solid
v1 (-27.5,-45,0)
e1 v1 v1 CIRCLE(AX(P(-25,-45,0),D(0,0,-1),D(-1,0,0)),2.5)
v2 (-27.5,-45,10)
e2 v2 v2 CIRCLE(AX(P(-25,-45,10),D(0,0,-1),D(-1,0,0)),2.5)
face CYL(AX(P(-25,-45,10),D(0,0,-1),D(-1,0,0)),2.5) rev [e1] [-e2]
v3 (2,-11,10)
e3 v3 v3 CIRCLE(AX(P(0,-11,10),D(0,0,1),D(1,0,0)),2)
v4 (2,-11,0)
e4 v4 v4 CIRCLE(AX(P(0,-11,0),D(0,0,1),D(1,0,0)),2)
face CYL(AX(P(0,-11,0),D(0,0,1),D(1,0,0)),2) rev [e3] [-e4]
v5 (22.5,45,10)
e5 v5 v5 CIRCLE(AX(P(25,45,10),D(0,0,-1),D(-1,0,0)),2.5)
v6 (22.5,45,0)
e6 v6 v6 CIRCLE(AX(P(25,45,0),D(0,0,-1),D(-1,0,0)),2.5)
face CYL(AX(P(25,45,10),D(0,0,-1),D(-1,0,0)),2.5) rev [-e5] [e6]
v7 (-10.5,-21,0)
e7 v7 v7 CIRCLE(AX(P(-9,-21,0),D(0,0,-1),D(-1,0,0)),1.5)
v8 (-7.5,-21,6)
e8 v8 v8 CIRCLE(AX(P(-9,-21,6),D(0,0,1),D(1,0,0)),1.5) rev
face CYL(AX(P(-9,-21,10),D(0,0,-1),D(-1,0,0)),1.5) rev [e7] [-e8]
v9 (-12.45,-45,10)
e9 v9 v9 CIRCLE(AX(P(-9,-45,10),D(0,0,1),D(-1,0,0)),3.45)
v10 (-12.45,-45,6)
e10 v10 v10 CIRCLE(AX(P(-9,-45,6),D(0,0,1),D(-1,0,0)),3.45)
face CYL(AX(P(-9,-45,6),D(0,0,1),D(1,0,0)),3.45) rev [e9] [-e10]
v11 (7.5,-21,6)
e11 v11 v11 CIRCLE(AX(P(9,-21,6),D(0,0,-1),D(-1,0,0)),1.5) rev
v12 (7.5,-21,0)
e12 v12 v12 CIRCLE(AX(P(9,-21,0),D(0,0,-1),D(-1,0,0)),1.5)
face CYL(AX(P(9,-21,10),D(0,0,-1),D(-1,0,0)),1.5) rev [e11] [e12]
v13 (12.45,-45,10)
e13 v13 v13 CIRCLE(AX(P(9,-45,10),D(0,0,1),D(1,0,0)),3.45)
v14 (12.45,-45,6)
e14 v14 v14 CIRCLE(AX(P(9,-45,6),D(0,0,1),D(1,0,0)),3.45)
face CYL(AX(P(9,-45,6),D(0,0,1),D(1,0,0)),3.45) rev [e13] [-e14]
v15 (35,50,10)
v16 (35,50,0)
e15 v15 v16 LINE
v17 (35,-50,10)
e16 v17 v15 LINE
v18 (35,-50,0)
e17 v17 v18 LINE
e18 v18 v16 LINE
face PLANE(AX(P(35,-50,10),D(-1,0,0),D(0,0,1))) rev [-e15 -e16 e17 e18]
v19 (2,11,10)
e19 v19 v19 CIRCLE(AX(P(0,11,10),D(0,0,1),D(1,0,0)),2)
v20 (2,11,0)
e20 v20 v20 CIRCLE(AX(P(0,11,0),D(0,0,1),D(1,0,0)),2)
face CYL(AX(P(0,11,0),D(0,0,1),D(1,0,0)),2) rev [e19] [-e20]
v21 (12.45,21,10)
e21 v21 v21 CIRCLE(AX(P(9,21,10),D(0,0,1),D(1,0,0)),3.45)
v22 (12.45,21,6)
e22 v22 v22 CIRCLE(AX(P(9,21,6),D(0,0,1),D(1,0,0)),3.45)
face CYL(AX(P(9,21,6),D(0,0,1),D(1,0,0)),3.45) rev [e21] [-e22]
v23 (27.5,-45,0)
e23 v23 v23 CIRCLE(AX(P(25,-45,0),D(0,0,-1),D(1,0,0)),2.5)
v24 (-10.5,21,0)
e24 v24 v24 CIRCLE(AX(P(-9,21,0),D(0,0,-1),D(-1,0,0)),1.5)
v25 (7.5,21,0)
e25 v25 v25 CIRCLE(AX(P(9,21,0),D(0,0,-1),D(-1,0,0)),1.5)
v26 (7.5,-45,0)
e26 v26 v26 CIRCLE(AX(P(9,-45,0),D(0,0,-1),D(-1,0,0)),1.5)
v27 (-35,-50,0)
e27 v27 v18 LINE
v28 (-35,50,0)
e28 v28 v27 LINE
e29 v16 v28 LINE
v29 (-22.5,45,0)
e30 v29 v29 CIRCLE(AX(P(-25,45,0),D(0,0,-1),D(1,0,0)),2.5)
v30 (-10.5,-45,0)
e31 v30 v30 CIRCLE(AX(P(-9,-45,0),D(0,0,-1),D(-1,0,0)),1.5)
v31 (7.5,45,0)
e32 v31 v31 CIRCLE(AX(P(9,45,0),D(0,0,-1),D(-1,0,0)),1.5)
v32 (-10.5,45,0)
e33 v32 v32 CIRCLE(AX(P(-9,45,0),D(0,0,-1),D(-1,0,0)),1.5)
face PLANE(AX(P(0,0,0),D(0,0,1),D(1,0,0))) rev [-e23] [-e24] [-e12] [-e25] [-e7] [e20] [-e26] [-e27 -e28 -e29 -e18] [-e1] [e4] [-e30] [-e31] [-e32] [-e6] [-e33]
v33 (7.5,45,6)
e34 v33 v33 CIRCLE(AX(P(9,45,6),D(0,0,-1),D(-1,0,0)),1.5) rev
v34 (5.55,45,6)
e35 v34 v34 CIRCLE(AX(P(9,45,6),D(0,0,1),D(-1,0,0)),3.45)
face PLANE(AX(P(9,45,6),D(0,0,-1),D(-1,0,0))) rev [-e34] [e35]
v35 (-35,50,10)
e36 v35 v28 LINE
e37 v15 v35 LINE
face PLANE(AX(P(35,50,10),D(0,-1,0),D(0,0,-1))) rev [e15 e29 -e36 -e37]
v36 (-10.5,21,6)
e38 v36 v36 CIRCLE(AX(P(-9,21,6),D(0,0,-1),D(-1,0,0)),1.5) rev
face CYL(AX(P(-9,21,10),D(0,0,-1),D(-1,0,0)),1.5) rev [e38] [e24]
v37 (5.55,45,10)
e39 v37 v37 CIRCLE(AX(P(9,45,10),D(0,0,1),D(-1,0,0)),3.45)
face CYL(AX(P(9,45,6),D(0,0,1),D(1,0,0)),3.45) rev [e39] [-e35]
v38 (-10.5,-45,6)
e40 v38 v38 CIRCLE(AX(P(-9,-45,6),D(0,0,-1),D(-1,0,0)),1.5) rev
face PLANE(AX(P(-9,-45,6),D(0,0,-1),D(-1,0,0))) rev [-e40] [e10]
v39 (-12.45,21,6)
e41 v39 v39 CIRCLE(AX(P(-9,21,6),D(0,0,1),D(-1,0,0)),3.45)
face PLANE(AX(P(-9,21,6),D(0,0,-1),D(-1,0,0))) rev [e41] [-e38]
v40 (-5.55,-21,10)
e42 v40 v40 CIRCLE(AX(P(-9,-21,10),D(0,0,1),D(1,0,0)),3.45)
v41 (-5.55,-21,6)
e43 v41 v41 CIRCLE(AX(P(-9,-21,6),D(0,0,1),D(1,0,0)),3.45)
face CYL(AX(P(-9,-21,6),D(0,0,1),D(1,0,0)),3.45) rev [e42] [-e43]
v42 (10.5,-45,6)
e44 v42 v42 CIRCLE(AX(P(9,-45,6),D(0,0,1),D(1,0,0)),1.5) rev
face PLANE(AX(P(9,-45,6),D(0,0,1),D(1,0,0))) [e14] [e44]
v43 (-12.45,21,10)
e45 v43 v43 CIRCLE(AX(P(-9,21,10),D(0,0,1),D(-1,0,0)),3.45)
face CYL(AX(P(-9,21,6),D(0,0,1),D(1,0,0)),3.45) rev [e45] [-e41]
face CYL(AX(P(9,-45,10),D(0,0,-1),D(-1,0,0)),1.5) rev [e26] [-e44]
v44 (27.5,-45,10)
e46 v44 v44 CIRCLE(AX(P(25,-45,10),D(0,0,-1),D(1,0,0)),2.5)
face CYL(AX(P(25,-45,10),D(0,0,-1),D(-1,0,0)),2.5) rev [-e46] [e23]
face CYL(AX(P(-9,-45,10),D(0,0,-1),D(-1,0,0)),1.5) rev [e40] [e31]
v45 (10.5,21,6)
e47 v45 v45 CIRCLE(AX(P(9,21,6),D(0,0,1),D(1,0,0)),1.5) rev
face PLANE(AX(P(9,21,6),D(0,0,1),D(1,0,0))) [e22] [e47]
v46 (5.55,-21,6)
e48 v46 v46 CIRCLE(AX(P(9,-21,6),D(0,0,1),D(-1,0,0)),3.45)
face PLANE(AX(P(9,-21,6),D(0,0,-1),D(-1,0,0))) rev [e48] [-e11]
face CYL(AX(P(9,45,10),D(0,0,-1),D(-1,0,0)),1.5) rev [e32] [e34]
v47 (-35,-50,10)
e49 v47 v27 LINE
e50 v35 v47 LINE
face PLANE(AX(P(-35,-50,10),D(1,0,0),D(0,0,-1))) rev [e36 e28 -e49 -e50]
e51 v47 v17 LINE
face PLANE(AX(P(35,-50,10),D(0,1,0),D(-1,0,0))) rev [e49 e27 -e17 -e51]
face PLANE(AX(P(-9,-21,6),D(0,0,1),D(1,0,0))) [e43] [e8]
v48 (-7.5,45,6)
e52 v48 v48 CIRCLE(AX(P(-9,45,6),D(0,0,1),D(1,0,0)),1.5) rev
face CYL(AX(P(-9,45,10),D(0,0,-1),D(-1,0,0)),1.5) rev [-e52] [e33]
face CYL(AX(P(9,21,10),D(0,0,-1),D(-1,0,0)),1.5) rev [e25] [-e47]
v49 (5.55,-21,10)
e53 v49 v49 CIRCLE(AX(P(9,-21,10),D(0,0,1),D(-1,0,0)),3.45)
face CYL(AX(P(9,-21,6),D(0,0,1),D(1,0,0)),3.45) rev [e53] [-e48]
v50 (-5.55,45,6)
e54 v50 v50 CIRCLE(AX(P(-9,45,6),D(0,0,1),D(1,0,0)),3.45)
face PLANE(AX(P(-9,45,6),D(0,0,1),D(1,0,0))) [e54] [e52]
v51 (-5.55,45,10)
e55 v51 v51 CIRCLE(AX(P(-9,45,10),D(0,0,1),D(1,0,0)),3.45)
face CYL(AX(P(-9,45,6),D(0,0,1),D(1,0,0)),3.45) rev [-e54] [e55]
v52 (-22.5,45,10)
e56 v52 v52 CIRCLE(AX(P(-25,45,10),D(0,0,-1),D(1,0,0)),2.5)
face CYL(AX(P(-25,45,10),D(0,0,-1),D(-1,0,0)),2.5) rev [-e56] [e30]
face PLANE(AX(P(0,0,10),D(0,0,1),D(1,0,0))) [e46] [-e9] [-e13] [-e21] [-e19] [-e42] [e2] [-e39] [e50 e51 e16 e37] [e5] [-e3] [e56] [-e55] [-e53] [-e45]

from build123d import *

# Parameters (mm, degrees)
SKETCH1_W           = 70
SKETCH1_H           = 100
BOSS_EXTRUDE1_DEPTH = 10
SKETCH2_R           = 2.5
CUT_EXTRUDE1_DEPTH  = 11
SKETCH3_R           = 1.5
CUT_EXTRUDE2_DEPTH  = 11
SKETCH4_R           = 3.45
CUT_EXTRUDE3_DEPTH  = 4
SKETCH5_R           = 2
CUT_EXTRUDE4_DEPTH  = 11


with BuildPart() as part:
    # Sketch1 → Boss-Extrude1 (new body)
    with BuildSketch(Plane.XY):
        Rectangle(SKETCH1_W, SKETCH1_H)
    extrude(amount=BOSS_EXTRUDE1_DEPTH)

    # Sketch2 → Cut-Extrude1 (cut, through all)
    with BuildSketch(Plane(origin=(0, 0, 0), x_dir=(-1, 0, 0), z_dir=(0, 0, -1))):
        with Locations((-25, 45)):
            Circle(SKETCH2_R)
        with Locations((25, 45)):
            Circle(SKETCH2_R)
        with Locations((-25, -45)):
            Circle(SKETCH2_R)
        with Locations((25, -45)):
            Circle(SKETCH2_R)
    extrude(amount=-CUT_EXTRUDE1_DEPTH, mode=Mode.SUBTRACT)

    # Sketch3 → Cut-Extrude2 (cut, through all)
    with BuildSketch(Plane(origin=(0, 0, 0), x_dir=(-1, 0, 0), z_dir=(0, 0, -1))):
        with Locations((9, 21)):
            Circle(SKETCH3_R)
        with Locations((9, 45)):
            Circle(SKETCH3_R)
        with Locations((-9, 21)):
            Circle(SKETCH3_R)
        with Locations((-9, 45)):
            Circle(SKETCH3_R)
        with Locations((9, -45)):
            Circle(SKETCH3_R)
        with Locations((9, -21)):
            Circle(SKETCH3_R)
        with Locations((-9, -45)):
            Circle(SKETCH3_R)
        with Locations((-9, -21)):
            Circle(SKETCH3_R)
    extrude(amount=-CUT_EXTRUDE2_DEPTH, mode=Mode.SUBTRACT)

    # Sketch4 → Cut-Extrude3 (cut)
    with BuildSketch(Plane.XY.offset(10)):
        with Locations((-9, 45)):
            Circle(SKETCH4_R)
        with Locations((-9, 21)):
            Circle(SKETCH4_R)
        with Locations((9, 21)):
            Circle(SKETCH4_R)
        with Locations((9, 45)):
            Circle(SKETCH4_R)
        with Locations((9, -21)):
            Circle(SKETCH4_R)
        with Locations((-9, -21)):
            Circle(SKETCH4_R)
        with Locations((-9, -45)):
            Circle(SKETCH4_R)
        with Locations((9, -45)):
            Circle(SKETCH4_R)
    extrude(amount=-CUT_EXTRUDE3_DEPTH, mode=Mode.SUBTRACT)

    # Sketch5 → Cut-Extrude4 (cut, through all)
    with BuildSketch(Plane.XY.offset(10)):
        with Locations((0, -11)):
            Circle(SKETCH5_R)
        with Locations((0, 11)):
            Circle(SKETCH5_R)
    extrude(amount=-CUT_EXTRUDE4_DEPTH, mode=Mode.SUBTRACT)


solid = part.part
